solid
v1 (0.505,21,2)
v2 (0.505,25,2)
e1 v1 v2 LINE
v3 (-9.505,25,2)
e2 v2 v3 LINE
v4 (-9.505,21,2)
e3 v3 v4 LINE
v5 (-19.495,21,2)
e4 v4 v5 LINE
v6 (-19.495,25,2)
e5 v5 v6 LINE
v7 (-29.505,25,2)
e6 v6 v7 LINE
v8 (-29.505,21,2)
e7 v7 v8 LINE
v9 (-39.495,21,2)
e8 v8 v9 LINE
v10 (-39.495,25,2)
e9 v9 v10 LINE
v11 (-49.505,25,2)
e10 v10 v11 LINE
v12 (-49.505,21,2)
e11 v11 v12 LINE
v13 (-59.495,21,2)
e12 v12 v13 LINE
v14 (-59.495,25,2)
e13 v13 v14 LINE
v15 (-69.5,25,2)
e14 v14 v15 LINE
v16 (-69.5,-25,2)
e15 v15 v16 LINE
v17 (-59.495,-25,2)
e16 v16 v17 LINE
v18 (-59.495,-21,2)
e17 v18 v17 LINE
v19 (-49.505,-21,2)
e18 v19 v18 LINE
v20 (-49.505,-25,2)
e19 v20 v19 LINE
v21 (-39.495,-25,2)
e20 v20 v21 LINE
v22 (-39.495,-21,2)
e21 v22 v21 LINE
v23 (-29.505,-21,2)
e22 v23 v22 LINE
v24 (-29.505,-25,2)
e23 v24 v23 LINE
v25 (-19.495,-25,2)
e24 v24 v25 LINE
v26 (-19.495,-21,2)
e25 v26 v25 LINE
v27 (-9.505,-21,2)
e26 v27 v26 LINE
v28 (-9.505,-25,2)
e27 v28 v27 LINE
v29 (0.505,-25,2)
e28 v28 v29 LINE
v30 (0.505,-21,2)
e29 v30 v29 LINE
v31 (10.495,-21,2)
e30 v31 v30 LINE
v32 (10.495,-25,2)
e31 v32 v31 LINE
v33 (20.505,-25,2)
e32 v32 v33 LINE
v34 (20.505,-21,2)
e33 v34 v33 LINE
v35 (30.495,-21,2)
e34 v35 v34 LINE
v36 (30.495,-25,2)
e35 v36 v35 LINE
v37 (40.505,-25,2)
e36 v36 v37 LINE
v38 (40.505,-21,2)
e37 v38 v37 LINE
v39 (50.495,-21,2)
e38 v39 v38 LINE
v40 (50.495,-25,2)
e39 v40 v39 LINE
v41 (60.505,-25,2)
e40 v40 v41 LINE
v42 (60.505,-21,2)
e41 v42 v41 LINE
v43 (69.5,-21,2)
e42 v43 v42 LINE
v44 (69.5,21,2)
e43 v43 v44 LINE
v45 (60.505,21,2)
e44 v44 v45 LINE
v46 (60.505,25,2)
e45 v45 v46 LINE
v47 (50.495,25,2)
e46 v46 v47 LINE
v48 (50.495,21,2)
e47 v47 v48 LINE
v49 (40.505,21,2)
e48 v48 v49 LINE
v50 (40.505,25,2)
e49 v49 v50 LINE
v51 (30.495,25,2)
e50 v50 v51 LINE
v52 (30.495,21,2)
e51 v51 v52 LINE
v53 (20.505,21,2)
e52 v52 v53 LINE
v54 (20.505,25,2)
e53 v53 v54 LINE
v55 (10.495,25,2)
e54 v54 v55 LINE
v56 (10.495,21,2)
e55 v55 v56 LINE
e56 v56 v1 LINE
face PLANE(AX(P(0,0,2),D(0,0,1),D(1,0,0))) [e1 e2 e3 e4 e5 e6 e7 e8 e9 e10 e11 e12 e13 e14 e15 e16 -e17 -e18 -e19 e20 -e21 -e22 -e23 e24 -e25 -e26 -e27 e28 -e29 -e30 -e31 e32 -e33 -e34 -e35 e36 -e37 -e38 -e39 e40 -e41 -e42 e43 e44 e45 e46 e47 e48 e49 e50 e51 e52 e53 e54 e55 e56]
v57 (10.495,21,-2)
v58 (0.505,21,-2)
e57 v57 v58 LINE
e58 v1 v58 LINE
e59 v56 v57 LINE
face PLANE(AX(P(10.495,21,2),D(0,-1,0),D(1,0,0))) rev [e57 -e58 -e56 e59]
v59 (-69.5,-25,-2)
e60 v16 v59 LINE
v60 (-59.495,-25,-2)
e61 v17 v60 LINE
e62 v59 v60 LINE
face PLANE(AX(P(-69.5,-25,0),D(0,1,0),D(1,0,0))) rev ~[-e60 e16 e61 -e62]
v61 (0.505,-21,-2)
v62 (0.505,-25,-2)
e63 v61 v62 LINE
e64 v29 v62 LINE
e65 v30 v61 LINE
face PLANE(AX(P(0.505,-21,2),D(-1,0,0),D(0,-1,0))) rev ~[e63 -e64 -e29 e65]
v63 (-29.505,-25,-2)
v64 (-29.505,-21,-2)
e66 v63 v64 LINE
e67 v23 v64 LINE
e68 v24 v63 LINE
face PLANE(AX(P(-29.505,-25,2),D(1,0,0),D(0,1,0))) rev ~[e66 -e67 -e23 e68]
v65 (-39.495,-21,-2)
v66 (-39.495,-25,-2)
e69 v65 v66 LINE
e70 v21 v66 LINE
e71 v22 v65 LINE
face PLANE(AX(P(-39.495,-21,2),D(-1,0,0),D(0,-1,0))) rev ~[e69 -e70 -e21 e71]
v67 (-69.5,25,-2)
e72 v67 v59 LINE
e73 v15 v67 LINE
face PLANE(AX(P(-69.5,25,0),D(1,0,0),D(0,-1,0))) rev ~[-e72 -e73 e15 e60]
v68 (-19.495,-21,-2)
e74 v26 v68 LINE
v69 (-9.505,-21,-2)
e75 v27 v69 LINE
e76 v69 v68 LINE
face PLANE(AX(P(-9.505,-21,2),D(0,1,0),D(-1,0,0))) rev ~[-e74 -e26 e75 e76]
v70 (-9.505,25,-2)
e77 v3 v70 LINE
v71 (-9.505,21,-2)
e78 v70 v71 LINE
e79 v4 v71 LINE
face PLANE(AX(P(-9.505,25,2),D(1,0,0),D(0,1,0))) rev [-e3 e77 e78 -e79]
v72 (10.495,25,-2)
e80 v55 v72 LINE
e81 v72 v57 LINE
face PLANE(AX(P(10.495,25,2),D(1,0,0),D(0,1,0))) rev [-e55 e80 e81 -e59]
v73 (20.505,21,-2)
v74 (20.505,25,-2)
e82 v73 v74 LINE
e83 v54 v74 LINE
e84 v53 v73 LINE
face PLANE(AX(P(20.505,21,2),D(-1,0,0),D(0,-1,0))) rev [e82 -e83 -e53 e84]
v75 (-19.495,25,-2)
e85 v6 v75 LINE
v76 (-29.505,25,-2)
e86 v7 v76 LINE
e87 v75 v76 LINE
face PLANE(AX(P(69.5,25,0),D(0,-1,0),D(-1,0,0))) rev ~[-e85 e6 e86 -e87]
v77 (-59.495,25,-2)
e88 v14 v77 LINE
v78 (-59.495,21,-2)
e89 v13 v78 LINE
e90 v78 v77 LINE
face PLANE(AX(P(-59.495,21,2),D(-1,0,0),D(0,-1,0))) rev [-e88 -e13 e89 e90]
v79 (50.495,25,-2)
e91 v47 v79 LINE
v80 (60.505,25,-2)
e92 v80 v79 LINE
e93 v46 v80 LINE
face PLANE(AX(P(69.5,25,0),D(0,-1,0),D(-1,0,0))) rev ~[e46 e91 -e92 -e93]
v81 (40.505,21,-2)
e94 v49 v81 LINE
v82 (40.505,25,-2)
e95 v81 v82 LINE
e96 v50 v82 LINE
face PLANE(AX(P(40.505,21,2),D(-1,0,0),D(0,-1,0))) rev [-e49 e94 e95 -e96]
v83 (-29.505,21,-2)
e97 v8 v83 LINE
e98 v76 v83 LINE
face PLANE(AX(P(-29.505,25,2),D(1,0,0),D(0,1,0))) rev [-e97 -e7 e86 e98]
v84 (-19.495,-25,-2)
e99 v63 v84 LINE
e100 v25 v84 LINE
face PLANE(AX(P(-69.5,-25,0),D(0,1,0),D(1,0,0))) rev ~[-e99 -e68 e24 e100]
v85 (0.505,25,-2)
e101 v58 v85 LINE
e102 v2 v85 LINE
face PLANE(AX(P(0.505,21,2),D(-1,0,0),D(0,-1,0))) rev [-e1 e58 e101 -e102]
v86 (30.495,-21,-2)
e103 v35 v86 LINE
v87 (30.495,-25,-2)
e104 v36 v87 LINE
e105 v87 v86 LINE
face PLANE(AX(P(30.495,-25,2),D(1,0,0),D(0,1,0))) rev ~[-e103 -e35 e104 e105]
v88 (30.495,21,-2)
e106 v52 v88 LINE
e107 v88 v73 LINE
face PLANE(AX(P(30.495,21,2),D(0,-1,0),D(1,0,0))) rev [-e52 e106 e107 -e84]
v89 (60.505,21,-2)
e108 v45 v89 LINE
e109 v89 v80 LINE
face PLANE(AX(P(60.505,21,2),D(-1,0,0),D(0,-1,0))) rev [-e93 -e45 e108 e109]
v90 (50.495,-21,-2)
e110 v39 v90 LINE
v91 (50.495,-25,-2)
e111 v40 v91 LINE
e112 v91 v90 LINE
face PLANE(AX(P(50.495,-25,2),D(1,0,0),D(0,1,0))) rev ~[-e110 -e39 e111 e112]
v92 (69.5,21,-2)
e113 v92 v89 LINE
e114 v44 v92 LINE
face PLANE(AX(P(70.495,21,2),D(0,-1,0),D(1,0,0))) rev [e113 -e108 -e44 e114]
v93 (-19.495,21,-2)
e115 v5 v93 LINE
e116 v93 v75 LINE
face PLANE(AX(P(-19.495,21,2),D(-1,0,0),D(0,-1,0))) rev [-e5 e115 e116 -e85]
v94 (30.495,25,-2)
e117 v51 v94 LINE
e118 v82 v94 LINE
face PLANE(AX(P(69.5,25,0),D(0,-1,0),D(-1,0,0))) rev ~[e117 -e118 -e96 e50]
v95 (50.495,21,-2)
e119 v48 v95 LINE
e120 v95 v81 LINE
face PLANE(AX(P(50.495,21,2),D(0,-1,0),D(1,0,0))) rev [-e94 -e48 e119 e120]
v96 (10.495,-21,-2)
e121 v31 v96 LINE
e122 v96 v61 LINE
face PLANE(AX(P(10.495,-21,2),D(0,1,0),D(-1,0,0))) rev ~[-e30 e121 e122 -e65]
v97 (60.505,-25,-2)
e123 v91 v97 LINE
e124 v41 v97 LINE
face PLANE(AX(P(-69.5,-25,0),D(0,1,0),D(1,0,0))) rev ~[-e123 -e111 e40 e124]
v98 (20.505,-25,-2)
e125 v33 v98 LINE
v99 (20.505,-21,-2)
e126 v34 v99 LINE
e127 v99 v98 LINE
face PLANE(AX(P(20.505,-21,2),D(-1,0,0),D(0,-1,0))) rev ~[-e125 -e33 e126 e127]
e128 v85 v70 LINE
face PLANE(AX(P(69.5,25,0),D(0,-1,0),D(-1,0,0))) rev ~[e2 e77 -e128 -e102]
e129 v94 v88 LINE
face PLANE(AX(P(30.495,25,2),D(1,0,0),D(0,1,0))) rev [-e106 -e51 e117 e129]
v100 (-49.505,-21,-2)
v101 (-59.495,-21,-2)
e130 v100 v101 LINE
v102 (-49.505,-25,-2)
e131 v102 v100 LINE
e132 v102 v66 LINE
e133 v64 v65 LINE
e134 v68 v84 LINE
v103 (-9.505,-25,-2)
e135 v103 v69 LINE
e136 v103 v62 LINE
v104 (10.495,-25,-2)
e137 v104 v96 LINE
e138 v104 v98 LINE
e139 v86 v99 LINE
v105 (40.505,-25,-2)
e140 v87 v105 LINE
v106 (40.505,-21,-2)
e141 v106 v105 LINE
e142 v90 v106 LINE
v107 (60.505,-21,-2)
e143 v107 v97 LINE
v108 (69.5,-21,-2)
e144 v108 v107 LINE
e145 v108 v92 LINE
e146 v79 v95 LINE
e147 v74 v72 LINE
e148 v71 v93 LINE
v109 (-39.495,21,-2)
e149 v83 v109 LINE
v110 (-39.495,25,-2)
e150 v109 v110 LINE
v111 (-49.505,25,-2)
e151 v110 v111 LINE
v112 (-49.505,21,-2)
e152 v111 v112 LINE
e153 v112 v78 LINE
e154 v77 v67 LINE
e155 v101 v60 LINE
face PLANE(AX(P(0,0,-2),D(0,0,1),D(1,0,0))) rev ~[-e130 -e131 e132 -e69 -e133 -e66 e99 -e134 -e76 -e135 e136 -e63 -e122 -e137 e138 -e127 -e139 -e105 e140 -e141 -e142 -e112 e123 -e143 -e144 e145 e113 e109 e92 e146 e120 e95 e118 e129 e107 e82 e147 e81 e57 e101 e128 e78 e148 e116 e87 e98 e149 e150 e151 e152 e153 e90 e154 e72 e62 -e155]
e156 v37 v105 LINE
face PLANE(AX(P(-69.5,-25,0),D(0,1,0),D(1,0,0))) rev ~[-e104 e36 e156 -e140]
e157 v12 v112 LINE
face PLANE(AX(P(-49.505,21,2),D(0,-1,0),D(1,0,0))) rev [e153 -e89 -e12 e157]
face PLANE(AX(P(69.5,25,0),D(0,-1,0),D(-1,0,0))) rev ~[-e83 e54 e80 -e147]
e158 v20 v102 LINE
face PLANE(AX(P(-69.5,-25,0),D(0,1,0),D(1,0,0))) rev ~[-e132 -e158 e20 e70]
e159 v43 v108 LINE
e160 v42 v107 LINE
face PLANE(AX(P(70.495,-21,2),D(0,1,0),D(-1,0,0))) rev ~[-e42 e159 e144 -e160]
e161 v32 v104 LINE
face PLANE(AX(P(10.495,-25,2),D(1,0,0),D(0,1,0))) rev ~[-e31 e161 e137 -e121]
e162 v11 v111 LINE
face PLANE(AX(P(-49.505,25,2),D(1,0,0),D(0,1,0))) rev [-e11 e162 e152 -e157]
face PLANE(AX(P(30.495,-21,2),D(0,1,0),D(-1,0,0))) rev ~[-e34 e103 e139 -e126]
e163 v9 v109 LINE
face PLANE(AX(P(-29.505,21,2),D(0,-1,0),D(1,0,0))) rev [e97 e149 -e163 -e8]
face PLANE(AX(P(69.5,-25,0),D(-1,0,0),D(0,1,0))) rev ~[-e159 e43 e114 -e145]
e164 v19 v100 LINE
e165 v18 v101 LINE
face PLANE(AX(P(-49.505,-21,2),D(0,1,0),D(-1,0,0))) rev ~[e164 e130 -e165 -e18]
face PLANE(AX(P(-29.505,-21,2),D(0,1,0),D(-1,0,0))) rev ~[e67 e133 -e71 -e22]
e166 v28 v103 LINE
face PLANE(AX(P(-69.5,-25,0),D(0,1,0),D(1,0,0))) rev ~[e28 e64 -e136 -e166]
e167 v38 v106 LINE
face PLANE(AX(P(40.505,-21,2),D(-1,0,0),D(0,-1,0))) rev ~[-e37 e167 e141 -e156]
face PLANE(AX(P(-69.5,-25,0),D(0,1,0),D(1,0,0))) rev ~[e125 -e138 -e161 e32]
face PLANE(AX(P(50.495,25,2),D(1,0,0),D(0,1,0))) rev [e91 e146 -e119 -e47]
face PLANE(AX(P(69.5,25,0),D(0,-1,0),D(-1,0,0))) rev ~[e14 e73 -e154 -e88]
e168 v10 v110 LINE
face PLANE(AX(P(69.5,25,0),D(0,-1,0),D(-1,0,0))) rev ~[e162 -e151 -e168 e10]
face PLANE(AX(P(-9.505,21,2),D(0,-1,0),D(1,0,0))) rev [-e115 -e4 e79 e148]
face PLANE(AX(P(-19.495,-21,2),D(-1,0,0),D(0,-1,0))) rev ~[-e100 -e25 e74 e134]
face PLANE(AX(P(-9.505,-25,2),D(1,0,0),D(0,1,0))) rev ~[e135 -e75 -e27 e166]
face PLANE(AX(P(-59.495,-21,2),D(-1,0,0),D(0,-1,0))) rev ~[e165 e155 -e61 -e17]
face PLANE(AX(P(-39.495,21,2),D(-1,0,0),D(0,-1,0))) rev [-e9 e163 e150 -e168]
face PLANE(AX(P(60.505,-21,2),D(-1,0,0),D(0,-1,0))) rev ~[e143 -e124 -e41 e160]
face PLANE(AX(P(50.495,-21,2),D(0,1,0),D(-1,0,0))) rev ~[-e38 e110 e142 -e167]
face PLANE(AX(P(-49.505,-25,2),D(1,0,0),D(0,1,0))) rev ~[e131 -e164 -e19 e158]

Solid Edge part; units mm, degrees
sketch "Sketch1" plane through (0, 0, 0) normal (0, 0, 1) x (1, 0, 0)
  line L0 (-69.5, -25) -> (69.5, -25)
  line L1 (69.5, -25) -> (69.5, 25)
  line L2 (69.5, 25) -> (-69.5, 25)
  line L3 (-69.5, 25) -> (-69.5, -25)
  dimension "D1" = 50
  dimension "D2" = 139
extrude "Protrusion1" add sketch "Sketch1" along normal mid plane 4
sketch "Sketch2" plane through (0, 0, 2) normal (0, 0, 1) x (1, 0, 0)
  line L0 (-39.495, -25) -> (-29.505, -25)
  line L1 (-29.505, -25) -> (-29.505, -21)
  line L2 (-29.505, -21) -> (-39.495, -21)
  line L3 (-39.495, -21) -> (-39.495, -25)
  line L4 (-19.495, -25) -> (-9.505, -25)
  line L5 (-9.505, -25) -> (-9.505, -21)
  line L6 (-9.505, -21) -> (-19.495, -21)
  line L7 (-19.495, -21) -> (-19.495, -25)
  line L8 (0.505, -25) -> (10.495, -25)
  line L9 (10.495, -25) -> (10.495, -21)
  line L10 (10.495, -21) -> (0.505, -21)
  line L11 (0.505, -21) -> (0.505, -25)
  line L12 (20.505, -25) -> (30.495, -25)
  line L13 (30.495, -25) -> (30.495, -21)
  line L14 (30.495, -21) -> (20.505, -21)
  line L15 (20.505, -21) -> (20.505, -25)
  line L16 (40.505, -25) -> (50.495, -25)
  line L17 (50.495, -25) -> (50.495, -21)
  line L18 (50.495, -21) -> (40.505, -21)
  line L19 (40.505, -21) -> (40.505, -25)
  line L20 (60.505, -25) -> (70.495, -25)
  line L21 (70.495, -25) -> (70.495, -21)
  line L22 (70.495, -21) -> (60.505, -21)
  line L23 (60.505, -21) -> (60.505, -25)
  line L24 (-59.495, -25) -> (-49.505, -25)
  line L25 (-49.505, -25) -> (-49.505, -21)
  line L26 (-49.505, -21) -> (-59.495, -21)
  line L27 (-59.495, -21) -> (-59.495, -25)
  dimension "D1" = 9.99
  dimension "D2" = 9.99
  dimension "D3" = 9.99
  dimension "D4" = 9.99
  dimension "D5" = 9.99
  dimension "D6" = 9.99
  dimension "D7" = 4
  dimension "D8" = 4
  dimension "D9" = 4
  dimension "D10" = 4
  dimension "D11" = 4
  dimension "D12" = 4
  dimension "D13" = 15
  dimension "D14" = 20
  dimension "D15" = 20
  dimension "D16" = 20
  dimension "D17" = 20
  dimension "D18" = 20
  dimension "D19" = 4
  dimension "D20" = 20
  dimension "D21" = 9.99
extrude "Extrusionsausschnitt_1" cut sketch "Sketch2" against normal blind 200
mirror "Mirror1" about plane through (0, 0, 0) normal (0, -1, 0) of "Extrusionsausschnitt_1"
properties material "Holz, Kiefer"
